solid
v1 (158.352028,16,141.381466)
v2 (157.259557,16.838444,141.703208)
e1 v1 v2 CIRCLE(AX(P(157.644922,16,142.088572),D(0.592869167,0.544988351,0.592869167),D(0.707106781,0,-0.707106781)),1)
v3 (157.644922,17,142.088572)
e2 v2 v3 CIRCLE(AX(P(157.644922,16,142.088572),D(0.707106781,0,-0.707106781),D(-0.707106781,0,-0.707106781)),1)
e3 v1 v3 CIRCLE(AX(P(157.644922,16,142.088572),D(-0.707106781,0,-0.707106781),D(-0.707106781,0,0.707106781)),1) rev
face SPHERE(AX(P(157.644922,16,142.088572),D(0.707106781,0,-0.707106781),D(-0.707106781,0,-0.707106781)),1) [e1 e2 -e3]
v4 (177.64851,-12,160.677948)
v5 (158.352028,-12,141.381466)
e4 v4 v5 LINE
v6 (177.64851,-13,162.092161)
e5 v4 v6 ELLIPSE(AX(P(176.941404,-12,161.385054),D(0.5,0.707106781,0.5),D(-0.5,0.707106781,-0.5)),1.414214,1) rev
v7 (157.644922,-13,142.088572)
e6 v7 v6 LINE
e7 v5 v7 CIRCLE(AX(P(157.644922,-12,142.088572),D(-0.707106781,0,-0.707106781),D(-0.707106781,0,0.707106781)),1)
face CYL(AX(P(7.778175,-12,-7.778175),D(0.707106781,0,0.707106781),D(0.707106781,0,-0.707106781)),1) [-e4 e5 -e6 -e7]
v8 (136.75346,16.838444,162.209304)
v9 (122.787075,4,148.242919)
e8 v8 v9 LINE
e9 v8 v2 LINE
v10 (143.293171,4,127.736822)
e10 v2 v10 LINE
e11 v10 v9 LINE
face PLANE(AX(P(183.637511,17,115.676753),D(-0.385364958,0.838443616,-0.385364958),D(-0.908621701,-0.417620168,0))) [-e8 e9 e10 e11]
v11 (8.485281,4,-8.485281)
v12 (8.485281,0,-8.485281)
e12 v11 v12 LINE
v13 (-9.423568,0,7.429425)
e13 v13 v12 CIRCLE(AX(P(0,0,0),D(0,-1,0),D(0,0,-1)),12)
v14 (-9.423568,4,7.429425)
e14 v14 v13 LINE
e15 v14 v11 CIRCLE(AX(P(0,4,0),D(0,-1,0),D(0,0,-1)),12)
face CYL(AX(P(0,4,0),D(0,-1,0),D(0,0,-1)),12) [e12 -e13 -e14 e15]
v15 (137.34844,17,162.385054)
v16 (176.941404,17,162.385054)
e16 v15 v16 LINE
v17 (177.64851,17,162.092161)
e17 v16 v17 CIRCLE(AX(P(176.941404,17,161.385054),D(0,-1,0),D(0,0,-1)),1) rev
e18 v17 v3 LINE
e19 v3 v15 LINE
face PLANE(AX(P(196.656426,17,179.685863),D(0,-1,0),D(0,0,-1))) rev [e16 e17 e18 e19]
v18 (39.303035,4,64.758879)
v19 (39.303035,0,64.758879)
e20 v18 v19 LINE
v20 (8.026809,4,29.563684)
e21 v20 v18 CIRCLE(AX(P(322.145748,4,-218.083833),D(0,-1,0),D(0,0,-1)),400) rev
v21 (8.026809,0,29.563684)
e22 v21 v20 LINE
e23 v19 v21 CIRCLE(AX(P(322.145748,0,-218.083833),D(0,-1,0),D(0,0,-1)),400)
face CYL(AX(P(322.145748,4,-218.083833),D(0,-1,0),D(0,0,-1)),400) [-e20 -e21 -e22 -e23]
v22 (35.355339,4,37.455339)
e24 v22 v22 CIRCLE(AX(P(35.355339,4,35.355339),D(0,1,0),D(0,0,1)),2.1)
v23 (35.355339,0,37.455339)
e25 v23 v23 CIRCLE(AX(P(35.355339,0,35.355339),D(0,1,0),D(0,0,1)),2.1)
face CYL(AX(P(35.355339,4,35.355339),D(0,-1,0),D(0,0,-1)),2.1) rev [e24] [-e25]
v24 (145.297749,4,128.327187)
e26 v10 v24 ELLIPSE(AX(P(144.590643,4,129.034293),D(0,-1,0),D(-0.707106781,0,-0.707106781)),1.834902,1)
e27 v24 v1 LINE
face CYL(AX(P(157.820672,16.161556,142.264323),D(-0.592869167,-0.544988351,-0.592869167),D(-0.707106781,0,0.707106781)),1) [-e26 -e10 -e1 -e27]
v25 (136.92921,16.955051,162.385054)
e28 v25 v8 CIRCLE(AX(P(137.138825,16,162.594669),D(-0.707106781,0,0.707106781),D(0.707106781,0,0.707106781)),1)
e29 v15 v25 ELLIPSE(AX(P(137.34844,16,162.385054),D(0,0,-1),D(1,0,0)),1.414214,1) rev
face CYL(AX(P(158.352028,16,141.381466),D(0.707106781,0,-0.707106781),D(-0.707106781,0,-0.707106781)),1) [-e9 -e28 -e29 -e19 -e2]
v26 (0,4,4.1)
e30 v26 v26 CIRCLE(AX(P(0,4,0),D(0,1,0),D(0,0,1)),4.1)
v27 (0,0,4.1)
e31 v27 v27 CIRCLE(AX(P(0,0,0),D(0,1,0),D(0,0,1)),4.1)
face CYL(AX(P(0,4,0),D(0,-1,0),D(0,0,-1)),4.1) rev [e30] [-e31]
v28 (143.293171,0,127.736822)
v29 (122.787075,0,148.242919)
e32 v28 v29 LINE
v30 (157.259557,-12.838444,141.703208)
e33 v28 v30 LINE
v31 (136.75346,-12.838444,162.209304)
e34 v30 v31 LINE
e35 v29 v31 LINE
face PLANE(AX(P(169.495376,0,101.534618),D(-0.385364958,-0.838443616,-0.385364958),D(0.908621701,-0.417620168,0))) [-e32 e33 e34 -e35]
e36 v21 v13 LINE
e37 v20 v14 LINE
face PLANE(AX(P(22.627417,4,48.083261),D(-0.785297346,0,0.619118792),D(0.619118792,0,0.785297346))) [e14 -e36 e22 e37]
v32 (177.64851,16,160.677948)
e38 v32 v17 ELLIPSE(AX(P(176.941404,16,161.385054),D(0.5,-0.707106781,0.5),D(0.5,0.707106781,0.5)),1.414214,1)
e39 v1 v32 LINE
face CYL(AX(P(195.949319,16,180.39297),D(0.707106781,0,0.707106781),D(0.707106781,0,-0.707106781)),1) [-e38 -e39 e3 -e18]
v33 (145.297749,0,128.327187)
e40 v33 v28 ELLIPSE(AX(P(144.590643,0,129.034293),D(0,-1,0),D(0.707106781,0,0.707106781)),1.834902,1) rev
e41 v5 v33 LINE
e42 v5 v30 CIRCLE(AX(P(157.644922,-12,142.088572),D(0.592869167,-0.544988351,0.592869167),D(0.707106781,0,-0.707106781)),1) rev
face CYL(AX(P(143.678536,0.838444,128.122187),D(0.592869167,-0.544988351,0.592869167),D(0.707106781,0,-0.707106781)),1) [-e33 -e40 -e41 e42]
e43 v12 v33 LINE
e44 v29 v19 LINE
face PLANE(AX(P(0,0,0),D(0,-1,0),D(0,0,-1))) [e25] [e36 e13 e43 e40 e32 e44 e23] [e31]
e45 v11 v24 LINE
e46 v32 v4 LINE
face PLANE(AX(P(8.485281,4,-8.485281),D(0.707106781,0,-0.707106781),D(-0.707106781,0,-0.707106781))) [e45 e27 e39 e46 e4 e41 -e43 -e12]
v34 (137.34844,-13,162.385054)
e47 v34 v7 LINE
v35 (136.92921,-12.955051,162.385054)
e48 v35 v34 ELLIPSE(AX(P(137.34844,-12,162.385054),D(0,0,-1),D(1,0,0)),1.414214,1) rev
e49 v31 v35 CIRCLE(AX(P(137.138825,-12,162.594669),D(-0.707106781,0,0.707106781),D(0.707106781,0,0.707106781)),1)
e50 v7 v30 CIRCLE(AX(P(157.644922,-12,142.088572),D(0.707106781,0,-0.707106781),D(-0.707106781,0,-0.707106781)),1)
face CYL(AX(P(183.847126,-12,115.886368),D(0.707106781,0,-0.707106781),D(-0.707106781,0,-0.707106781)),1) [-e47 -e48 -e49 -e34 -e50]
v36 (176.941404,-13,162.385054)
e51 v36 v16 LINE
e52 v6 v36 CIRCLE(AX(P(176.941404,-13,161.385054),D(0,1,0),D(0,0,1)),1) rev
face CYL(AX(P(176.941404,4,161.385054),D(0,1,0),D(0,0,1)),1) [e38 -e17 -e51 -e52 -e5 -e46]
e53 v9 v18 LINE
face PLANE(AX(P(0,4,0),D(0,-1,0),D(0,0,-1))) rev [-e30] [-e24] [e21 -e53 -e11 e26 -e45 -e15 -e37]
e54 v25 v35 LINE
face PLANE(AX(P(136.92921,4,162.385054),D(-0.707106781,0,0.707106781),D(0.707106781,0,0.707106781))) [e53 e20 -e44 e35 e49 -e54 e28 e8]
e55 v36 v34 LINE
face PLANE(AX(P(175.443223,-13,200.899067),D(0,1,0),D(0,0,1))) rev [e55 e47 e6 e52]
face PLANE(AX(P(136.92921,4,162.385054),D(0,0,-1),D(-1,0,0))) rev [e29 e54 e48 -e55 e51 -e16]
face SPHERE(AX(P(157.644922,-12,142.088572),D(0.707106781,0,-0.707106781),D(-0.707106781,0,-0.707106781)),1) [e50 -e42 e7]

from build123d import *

# Parameters (mm, degrees)
SKETCH_2_R      = 4.1
SKETCH_2_R_2    = 2.1
EXTRUDE_1_DEPTH = 4
FILLET_1_R      = 400
EXTRUDE_4_DEPTH = 30
EXTRUDE_5_REACH = 231.249
SKETCH_8_W      = 30
SKETCH_8_H      = 13
FILLET_5_R      = 1


with BuildPart() as part:
    # 草图2 → 凸台-拉伸1 (new body)
    with BuildSketch(Plane(origin=(0, 0, 0), x_dir=(1, 0, 0), z_dir=(0, 1, 0))):
        with BuildLine():
            Line((136.929210249, -162.385054371), (179.35561712, -162.385054371))
            Line((179.35561712, -162.385054371), (8.485281374, 8.485281374))
            ThreePointArc((8.485281374, 8.485281374), (-7.971171133, 8.969973844), (-9.423568154, -7.429425499))
            Line((-9.423568154, -7.429425499), (22.627416998, -48.083261121))
            Line((22.627416998, -48.083261121), (136.929210249, -162.385054371))
        make_face()
        with Locations(Location((0, 0, 0), (0, 0, 270))):
            Circle(SKETCH_2_R, mode=Mode.SUBTRACT)
        with Locations(Location((35.355339059, -35.355339059, 0), (0, 0, 270))):
            Circle(SKETCH_2_R_2, mode=Mode.SUBTRACT)
    extrude(amount=EXTRUDE_1_DEPTH)

    # 圆角1
    fillet_1_edges = [part.edges().sort_by_distance(p)[0] for p in [
        (22.627416998, 2, 48.083261121),
    ]]
    fillet(fillet_1_edges, radius=FILLET_1_R)

    # 草图6 → 凸台-拉伸4 (add)
    with BuildSketch(Plane(origin=(-12.727922061, 0, 12.727922061), x_dir=(0.7071067811865476, 0, 0.7071067811865475), z_dir=(-0.7071067811865475, 0, 0.7071067811865476))):
        Polygon((191.647146219, 4), (191.647146219, 0), (211.647146219, -13), (211.647146219, 17), align=None)
    extrude(amount=-EXTRUDE_4_DEPTH)

    # 凸台-拉伸5: up to this face of the body (flat: up to its plane)
    extrude_5_end = Plane(part.part.faces().sort_by_distance((158.142413684, 2, 162.385054371))[0])
    # 草图8 → 凸台-拉伸5 (add, up to the picked face)
    with BuildSketch(Plane(origin=(149.65713231, 0, 149.65713231), x_dir=(0.7071067811865475, 0, -0.7071067811865476), z_dir=(0.7071067811865476, 0, 0.7071067811865475)), mode=Mode.PRIVATE) as extrude_5_sk1:
        with Locations((-3, 10.5)):
            Rectangle(SKETCH_8_W, SKETCH_8_H)
    extrude_5_tool1 = split(extrude(extrude_5_sk1.sketch, amount=EXTRUDE_5_REACH, mode=Mode.PRIVATE), bisect_by=extrude_5_end, keep=Keep.BOTH, mode=Mode.PRIVATE)
    # 草图8 → 凸台-拉伸5 (add, up to the picked face)
    with BuildSketch(Plane(origin=(149.65713231, 0, 149.65713231), x_dir=(0.7071067811865475, 0, -0.7071067811865476), z_dir=(0.7071067811865476, 0, 0.7071067811865475)), mode=Mode.PRIVATE) as extrude_5_sk2:
        with Locations((-3, -6.5)):
            Rectangle(SKETCH_8_W, SKETCH_8_H)
    extrude_5_tool2 = split(extrude(extrude_5_sk2.sketch, amount=EXTRUDE_5_REACH, mode=Mode.PRIVATE), bisect_by=extrude_5_end, keep=Keep.BOTH, mode=Mode.PRIVATE)
    add(extrude_5_tool1.solids().sort_by(Axis((147.535812, 10.5, 151.778453), (0.7071067811865476, 0, 0.7071067811865475)))[0])
    add(extrude_5_tool2.solids().sort_by(Axis((147.535812, -6.5, 151.778453), (0.7071067811865476, 0, 0.7071067811865475)))[0])

    # 圆角5
    fillet_5_edges = [part.edges().sort_by_distance(p)[0] for p in [
        (147.535811966, 17, 151.778452653),
        (151.071345872, -6.5, 134.100783124),
        (147.535811966, -13, 151.778452653),
        (151.071345872, 10.5, 134.100783124),
        (168.749015402, 17, 151.778452653),
        (168.749015402, -13, 151.778452653),
        (179.35561712, 2, 162.385054371),
    ]]
    fillet(fillet_5_edges, radius=FILLET_5_R)


solid = part.part
